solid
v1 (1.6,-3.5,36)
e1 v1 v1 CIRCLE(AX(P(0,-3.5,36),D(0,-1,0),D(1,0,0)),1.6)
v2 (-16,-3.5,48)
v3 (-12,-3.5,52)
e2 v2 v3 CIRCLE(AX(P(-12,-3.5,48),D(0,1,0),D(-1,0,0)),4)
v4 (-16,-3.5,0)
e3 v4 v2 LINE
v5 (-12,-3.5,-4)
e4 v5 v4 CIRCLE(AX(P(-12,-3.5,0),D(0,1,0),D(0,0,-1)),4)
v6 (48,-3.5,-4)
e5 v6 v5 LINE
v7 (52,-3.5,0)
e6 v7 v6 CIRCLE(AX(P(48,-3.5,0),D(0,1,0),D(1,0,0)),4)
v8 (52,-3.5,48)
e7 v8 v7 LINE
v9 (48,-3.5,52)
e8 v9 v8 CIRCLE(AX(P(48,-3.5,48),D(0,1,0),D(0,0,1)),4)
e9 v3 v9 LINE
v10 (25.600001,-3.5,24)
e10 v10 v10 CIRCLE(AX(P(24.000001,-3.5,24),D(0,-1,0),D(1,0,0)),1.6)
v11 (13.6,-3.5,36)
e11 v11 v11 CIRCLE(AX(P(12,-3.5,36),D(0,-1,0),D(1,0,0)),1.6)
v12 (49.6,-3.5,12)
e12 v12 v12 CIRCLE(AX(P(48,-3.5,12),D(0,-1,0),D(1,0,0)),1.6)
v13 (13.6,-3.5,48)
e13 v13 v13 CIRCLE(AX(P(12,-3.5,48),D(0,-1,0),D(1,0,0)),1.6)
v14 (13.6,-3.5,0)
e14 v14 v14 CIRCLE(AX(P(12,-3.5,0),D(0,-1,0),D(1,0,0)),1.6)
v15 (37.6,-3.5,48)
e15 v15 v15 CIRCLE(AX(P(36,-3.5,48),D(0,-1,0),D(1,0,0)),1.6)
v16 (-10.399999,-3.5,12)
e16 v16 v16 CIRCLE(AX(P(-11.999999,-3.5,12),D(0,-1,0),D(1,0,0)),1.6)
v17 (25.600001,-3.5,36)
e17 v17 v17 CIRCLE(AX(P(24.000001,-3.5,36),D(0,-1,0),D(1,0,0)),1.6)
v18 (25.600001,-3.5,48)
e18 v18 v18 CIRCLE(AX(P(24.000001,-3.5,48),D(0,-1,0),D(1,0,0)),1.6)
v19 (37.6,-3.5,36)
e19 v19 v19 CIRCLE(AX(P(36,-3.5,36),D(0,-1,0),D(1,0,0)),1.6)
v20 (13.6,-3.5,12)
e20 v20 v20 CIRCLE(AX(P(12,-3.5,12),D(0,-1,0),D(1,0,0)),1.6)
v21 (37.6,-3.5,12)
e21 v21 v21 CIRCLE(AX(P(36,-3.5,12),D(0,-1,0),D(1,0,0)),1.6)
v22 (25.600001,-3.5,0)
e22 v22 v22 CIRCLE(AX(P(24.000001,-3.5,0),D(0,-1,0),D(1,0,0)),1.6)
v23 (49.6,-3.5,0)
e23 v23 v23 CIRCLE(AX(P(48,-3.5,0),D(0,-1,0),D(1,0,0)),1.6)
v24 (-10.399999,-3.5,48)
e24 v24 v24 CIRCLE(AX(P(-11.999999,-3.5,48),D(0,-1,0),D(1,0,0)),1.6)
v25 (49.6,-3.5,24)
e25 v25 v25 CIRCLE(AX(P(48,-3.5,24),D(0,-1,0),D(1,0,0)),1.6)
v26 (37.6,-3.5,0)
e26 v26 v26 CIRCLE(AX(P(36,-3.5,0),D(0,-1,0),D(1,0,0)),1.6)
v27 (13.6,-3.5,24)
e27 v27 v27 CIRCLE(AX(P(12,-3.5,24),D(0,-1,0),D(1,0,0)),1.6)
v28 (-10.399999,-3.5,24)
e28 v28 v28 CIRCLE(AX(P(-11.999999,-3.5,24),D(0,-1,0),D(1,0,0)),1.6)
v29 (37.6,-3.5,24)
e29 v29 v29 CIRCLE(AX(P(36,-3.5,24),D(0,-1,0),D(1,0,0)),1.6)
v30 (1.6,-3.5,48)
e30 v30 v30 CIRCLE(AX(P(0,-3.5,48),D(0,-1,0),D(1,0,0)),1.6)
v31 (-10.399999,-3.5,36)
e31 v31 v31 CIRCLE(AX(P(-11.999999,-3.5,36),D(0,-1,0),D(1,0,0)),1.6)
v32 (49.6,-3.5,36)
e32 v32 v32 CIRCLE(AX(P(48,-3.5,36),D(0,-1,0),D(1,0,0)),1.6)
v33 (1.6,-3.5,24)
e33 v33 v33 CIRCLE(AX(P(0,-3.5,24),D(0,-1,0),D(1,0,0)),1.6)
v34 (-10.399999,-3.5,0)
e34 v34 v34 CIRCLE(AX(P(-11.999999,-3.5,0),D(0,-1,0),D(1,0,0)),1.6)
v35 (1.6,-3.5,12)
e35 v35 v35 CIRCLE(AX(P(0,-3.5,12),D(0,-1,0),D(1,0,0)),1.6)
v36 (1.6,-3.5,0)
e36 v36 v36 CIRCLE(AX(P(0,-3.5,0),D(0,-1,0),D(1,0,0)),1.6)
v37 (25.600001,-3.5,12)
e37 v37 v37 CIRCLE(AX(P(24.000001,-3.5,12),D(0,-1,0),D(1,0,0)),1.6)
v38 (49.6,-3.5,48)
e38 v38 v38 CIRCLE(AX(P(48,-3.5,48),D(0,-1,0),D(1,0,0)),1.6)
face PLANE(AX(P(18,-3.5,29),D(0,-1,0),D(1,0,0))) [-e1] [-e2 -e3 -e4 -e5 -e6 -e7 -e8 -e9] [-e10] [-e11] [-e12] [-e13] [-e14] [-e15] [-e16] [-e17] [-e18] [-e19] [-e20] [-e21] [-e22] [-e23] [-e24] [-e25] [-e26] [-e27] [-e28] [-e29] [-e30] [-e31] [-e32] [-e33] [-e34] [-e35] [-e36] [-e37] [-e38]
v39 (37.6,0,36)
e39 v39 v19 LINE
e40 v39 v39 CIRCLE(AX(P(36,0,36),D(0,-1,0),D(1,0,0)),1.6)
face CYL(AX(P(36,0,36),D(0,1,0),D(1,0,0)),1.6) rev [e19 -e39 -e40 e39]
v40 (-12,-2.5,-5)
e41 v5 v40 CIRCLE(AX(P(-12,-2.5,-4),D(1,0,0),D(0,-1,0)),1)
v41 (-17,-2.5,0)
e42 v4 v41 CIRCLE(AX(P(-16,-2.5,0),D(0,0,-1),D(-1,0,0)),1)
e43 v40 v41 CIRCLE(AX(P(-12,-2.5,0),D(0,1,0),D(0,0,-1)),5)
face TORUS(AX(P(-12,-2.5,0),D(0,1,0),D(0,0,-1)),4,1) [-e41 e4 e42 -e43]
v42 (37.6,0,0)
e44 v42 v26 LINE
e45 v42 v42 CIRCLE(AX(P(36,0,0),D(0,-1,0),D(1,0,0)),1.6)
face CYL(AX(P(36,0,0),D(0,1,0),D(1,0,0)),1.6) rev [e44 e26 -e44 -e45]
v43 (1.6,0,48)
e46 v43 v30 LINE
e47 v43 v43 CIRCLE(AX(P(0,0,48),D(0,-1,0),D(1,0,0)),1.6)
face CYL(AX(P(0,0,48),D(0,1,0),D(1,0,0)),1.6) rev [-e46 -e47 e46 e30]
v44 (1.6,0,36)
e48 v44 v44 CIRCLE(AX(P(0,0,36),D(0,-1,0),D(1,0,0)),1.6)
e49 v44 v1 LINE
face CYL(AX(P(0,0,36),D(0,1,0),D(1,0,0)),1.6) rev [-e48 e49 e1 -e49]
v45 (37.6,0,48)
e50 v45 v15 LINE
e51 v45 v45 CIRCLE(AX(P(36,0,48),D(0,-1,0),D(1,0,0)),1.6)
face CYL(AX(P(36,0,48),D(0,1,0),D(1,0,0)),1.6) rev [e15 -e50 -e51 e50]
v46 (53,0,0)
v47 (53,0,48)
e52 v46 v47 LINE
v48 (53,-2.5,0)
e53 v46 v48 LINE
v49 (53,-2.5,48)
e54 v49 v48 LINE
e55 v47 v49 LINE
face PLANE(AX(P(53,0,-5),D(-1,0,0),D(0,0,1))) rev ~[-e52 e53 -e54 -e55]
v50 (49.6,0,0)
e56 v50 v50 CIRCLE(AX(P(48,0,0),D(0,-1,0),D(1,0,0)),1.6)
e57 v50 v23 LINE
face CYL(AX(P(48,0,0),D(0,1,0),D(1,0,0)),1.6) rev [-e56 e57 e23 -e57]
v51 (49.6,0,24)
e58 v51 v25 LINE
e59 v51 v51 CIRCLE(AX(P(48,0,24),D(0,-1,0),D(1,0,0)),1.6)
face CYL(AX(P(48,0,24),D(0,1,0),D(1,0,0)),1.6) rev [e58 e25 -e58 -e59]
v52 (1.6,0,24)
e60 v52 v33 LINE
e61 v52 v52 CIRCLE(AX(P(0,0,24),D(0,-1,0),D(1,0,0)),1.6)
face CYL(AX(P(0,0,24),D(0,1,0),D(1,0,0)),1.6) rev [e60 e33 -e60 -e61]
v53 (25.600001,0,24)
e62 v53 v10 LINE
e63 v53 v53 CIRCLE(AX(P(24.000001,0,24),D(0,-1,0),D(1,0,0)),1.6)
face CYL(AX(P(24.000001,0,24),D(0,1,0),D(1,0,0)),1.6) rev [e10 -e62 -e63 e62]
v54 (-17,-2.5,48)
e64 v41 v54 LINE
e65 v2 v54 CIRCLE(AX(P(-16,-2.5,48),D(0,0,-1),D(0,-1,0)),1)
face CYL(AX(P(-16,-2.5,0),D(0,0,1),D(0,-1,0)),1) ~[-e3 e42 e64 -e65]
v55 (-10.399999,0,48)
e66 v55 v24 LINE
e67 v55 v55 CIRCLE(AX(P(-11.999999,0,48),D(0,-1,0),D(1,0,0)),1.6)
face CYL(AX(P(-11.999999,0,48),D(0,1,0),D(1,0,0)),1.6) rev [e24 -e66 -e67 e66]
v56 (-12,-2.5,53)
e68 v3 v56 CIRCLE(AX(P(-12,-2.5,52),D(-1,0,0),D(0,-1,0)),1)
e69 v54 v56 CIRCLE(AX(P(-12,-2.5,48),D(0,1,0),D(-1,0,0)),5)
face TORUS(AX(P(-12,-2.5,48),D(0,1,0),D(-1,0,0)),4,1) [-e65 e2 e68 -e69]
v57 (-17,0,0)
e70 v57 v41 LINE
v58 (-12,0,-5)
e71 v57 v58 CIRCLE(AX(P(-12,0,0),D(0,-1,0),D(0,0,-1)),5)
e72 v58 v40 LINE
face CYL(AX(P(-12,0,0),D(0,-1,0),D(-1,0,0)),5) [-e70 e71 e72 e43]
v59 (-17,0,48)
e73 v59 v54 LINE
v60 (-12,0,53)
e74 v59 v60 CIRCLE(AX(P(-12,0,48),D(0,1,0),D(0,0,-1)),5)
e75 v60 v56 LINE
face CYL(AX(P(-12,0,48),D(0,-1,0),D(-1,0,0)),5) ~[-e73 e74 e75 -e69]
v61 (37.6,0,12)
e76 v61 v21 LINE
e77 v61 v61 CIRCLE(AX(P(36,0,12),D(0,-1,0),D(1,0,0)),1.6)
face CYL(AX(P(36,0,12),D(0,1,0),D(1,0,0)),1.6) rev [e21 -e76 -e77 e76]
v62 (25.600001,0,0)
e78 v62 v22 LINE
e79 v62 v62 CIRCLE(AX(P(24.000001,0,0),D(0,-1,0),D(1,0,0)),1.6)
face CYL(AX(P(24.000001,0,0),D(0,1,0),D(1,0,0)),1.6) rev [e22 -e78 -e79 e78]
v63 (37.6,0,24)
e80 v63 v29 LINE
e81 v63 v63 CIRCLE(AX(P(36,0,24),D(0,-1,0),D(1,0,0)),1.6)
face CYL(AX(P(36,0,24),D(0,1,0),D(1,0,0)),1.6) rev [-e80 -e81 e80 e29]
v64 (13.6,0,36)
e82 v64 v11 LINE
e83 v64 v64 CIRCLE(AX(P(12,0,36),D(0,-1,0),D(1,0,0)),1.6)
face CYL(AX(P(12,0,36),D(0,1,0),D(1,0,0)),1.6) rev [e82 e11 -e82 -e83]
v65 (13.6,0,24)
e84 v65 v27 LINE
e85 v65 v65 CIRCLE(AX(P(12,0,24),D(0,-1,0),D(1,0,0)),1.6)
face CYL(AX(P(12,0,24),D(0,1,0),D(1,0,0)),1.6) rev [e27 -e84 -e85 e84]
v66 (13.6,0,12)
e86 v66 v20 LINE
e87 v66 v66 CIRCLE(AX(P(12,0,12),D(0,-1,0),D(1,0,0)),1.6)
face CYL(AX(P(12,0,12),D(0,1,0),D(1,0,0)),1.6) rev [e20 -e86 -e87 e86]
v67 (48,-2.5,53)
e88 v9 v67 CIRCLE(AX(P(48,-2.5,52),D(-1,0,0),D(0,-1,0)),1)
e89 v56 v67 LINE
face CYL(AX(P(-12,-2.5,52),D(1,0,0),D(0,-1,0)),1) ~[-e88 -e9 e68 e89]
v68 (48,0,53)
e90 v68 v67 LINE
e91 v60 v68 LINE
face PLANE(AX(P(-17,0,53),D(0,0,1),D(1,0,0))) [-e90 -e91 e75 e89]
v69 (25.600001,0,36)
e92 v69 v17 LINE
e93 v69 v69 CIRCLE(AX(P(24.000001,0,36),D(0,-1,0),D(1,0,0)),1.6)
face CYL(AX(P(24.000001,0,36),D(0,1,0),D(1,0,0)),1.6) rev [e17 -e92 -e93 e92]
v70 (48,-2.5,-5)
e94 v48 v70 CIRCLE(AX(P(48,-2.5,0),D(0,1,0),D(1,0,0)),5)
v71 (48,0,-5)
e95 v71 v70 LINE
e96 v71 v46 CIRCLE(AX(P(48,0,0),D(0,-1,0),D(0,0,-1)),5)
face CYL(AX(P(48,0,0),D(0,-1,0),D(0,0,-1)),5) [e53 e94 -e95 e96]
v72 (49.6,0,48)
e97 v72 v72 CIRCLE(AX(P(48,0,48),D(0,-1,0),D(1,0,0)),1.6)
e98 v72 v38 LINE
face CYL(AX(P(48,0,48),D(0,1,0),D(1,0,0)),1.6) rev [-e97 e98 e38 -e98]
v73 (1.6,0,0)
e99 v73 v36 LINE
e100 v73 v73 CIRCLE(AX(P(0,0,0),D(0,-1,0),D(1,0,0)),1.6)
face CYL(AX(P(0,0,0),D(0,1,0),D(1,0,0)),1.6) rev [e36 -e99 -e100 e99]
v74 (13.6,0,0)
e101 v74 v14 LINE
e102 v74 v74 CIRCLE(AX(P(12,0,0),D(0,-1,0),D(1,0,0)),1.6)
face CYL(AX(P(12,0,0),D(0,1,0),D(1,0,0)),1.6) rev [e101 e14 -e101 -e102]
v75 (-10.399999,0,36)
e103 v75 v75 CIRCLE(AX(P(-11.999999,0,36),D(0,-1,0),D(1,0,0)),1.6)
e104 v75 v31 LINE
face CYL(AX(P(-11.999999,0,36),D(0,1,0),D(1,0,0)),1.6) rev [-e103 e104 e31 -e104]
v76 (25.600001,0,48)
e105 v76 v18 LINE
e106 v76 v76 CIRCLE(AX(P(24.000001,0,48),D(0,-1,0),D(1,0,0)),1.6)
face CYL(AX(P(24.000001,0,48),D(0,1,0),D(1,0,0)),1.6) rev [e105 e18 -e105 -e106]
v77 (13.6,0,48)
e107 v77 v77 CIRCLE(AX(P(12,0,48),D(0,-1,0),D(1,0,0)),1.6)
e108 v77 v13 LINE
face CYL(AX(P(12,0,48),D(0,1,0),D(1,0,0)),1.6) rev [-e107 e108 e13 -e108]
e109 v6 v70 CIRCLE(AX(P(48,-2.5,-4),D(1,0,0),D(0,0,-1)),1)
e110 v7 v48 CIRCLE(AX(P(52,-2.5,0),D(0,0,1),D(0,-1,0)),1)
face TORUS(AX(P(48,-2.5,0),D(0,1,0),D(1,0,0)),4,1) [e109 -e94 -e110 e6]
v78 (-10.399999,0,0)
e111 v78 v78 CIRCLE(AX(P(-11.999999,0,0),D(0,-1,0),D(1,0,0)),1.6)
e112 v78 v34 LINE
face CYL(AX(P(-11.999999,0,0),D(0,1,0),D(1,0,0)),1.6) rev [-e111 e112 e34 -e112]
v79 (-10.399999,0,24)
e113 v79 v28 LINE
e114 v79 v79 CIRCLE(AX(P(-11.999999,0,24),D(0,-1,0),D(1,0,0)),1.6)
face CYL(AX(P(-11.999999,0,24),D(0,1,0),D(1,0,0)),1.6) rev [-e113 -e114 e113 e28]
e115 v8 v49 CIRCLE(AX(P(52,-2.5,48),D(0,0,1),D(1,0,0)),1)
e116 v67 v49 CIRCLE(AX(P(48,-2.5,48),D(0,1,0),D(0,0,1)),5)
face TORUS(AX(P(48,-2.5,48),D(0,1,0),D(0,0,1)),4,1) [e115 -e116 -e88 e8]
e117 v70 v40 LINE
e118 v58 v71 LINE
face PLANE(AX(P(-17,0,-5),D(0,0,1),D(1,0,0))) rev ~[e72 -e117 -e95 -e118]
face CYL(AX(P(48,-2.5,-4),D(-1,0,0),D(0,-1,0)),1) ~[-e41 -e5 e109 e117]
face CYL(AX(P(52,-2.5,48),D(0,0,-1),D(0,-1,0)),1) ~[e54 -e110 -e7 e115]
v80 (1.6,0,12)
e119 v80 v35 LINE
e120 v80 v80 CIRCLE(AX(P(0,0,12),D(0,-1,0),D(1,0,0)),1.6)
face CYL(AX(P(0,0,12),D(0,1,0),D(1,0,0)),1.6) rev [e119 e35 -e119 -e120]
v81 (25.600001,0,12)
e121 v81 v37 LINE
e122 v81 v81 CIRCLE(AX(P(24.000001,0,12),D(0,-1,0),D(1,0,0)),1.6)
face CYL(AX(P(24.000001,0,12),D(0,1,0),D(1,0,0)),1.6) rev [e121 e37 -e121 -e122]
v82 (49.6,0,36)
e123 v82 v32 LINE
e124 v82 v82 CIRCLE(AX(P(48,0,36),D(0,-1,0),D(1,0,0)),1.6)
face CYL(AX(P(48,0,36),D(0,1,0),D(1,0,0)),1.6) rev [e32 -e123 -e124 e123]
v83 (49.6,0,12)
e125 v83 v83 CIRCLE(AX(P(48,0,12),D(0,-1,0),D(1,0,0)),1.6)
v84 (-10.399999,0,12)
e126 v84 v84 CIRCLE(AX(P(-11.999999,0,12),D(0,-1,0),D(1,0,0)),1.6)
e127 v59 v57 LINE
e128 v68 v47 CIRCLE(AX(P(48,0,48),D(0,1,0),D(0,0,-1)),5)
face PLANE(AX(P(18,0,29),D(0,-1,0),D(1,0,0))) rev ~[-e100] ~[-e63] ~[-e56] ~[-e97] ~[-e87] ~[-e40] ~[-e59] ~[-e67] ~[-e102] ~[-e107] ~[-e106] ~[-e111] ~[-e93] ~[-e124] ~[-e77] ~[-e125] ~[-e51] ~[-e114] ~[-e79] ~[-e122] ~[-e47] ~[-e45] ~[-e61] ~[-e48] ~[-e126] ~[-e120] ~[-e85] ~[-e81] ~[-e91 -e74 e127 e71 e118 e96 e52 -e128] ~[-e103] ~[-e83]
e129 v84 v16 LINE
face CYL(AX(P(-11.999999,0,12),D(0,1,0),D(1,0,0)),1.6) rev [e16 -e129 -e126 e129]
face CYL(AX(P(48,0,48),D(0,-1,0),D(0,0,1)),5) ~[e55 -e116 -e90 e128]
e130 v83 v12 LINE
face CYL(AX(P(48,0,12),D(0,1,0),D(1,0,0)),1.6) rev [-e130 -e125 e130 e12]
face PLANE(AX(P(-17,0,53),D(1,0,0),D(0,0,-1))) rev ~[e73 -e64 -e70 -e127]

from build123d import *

# Parameters (mm, degrees)
F0_W     = 70
F0_H     = 48
F0_R     = 1.6
F0_H_2   = 10
F1_DEPTH = 3.5
F2_R     = 5
F3_R     = 1


with BuildPart() as f1:
    # F0 (on Front) → F1 (new body)
    with BuildSketch(Plane.XZ):
        with Locations((18, 29)):
            Rectangle(F0_W, F0_H)
        with Locations((-11.999999, 12)):
            Circle(F0_R, mode=Mode.SUBTRACT)
        with Locations((0, 12)):
            Circle(F0_R, mode=Mode.SUBTRACT)
        with Locations((12, 12)):
            Circle(F0_R, mode=Mode.SUBTRACT)
        with Locations((24.000001, 12)):
            Circle(F0_R, mode=Mode.SUBTRACT)
        with Locations((36, 12)):
            Circle(F0_R, mode=Mode.SUBTRACT)
        with Locations((48, 12)):
            Circle(F0_R, mode=Mode.SUBTRACT)
        with Locations((-11.999999, 24)):
            Circle(F0_R, mode=Mode.SUBTRACT)
        with Locations((0, 24)):
            Circle(F0_R, mode=Mode.SUBTRACT)
        with Locations((-11.999999, 36)):
            Circle(F0_R, mode=Mode.SUBTRACT)
        with Locations((0, 36)):
            Circle(F0_R, mode=Mode.SUBTRACT)
        with Locations((12, 24)):
            Circle(F0_R, mode=Mode.SUBTRACT)
        with Locations((12, 36)):
            Circle(F0_R, mode=Mode.SUBTRACT)
        with Locations((-11.999999, 48)):
            Circle(F0_R, mode=Mode.SUBTRACT)
        with Locations((0, 48)):
            Circle(F0_R, mode=Mode.SUBTRACT)
        with Locations((12, 48)):
            Circle(F0_R, mode=Mode.SUBTRACT)
        with Locations((24.000001, 24)):
            Circle(F0_R, mode=Mode.SUBTRACT)
        with Locations((24.000001, 36)):
            Circle(F0_R, mode=Mode.SUBTRACT)
        with Locations((36, 24)):
            Circle(F0_R, mode=Mode.SUBTRACT)
        with Locations((48, 24)):
            Circle(F0_R, mode=Mode.SUBTRACT)
        with Locations((36, 36)):
            Circle(F0_R, mode=Mode.SUBTRACT)
        with Locations((48, 36)):
            Circle(F0_R, mode=Mode.SUBTRACT)
        with Locations((24.000001, 48)):
            Circle(F0_R, mode=Mode.SUBTRACT)
        with Locations((36, 48)):
            Circle(F0_R, mode=Mode.SUBTRACT)
        with Locations((48, 48)):
            Circle(F0_R, mode=Mode.SUBTRACT)
        with Locations((18, 0)):
            Rectangle(F0_W, F0_H_2)
        with Locations((-11.999999, 0)):
            Circle(F0_R, mode=Mode.SUBTRACT)
        with Locations((0, 0)):
            Circle(F0_R, mode=Mode.SUBTRACT)
        with Locations((12, 0)):
            Circle(F0_R, mode=Mode.SUBTRACT)
        with Locations((24.000001, 0)):
            Circle(F0_R, mode=Mode.SUBTRACT)
        with Locations((36, 0)):
            Circle(F0_R, mode=Mode.SUBTRACT)
        with Locations((48, 0)):
            Circle(F0_R, mode=Mode.SUBTRACT)
    extrude(amount=F1_DEPTH)

    # F2
    f2_edges = [f1.edges().sort_by_distance(p)[0] for p in [
        (-17, -1.75, -5),
        (53, -1.75, -5),
        (-17, -1.75, 53),
        (53, -1.75, 53),
    ]]
    fillet(f2_edges, radius=F2_R)

    # F3
    f3_edges = [f1.edges().sort_by_distance(p)[0] for p in [
        (18, -3.5, 53),
    ]]
    fillet(f3_edges, radius=F3_R)


solid = f1.part
